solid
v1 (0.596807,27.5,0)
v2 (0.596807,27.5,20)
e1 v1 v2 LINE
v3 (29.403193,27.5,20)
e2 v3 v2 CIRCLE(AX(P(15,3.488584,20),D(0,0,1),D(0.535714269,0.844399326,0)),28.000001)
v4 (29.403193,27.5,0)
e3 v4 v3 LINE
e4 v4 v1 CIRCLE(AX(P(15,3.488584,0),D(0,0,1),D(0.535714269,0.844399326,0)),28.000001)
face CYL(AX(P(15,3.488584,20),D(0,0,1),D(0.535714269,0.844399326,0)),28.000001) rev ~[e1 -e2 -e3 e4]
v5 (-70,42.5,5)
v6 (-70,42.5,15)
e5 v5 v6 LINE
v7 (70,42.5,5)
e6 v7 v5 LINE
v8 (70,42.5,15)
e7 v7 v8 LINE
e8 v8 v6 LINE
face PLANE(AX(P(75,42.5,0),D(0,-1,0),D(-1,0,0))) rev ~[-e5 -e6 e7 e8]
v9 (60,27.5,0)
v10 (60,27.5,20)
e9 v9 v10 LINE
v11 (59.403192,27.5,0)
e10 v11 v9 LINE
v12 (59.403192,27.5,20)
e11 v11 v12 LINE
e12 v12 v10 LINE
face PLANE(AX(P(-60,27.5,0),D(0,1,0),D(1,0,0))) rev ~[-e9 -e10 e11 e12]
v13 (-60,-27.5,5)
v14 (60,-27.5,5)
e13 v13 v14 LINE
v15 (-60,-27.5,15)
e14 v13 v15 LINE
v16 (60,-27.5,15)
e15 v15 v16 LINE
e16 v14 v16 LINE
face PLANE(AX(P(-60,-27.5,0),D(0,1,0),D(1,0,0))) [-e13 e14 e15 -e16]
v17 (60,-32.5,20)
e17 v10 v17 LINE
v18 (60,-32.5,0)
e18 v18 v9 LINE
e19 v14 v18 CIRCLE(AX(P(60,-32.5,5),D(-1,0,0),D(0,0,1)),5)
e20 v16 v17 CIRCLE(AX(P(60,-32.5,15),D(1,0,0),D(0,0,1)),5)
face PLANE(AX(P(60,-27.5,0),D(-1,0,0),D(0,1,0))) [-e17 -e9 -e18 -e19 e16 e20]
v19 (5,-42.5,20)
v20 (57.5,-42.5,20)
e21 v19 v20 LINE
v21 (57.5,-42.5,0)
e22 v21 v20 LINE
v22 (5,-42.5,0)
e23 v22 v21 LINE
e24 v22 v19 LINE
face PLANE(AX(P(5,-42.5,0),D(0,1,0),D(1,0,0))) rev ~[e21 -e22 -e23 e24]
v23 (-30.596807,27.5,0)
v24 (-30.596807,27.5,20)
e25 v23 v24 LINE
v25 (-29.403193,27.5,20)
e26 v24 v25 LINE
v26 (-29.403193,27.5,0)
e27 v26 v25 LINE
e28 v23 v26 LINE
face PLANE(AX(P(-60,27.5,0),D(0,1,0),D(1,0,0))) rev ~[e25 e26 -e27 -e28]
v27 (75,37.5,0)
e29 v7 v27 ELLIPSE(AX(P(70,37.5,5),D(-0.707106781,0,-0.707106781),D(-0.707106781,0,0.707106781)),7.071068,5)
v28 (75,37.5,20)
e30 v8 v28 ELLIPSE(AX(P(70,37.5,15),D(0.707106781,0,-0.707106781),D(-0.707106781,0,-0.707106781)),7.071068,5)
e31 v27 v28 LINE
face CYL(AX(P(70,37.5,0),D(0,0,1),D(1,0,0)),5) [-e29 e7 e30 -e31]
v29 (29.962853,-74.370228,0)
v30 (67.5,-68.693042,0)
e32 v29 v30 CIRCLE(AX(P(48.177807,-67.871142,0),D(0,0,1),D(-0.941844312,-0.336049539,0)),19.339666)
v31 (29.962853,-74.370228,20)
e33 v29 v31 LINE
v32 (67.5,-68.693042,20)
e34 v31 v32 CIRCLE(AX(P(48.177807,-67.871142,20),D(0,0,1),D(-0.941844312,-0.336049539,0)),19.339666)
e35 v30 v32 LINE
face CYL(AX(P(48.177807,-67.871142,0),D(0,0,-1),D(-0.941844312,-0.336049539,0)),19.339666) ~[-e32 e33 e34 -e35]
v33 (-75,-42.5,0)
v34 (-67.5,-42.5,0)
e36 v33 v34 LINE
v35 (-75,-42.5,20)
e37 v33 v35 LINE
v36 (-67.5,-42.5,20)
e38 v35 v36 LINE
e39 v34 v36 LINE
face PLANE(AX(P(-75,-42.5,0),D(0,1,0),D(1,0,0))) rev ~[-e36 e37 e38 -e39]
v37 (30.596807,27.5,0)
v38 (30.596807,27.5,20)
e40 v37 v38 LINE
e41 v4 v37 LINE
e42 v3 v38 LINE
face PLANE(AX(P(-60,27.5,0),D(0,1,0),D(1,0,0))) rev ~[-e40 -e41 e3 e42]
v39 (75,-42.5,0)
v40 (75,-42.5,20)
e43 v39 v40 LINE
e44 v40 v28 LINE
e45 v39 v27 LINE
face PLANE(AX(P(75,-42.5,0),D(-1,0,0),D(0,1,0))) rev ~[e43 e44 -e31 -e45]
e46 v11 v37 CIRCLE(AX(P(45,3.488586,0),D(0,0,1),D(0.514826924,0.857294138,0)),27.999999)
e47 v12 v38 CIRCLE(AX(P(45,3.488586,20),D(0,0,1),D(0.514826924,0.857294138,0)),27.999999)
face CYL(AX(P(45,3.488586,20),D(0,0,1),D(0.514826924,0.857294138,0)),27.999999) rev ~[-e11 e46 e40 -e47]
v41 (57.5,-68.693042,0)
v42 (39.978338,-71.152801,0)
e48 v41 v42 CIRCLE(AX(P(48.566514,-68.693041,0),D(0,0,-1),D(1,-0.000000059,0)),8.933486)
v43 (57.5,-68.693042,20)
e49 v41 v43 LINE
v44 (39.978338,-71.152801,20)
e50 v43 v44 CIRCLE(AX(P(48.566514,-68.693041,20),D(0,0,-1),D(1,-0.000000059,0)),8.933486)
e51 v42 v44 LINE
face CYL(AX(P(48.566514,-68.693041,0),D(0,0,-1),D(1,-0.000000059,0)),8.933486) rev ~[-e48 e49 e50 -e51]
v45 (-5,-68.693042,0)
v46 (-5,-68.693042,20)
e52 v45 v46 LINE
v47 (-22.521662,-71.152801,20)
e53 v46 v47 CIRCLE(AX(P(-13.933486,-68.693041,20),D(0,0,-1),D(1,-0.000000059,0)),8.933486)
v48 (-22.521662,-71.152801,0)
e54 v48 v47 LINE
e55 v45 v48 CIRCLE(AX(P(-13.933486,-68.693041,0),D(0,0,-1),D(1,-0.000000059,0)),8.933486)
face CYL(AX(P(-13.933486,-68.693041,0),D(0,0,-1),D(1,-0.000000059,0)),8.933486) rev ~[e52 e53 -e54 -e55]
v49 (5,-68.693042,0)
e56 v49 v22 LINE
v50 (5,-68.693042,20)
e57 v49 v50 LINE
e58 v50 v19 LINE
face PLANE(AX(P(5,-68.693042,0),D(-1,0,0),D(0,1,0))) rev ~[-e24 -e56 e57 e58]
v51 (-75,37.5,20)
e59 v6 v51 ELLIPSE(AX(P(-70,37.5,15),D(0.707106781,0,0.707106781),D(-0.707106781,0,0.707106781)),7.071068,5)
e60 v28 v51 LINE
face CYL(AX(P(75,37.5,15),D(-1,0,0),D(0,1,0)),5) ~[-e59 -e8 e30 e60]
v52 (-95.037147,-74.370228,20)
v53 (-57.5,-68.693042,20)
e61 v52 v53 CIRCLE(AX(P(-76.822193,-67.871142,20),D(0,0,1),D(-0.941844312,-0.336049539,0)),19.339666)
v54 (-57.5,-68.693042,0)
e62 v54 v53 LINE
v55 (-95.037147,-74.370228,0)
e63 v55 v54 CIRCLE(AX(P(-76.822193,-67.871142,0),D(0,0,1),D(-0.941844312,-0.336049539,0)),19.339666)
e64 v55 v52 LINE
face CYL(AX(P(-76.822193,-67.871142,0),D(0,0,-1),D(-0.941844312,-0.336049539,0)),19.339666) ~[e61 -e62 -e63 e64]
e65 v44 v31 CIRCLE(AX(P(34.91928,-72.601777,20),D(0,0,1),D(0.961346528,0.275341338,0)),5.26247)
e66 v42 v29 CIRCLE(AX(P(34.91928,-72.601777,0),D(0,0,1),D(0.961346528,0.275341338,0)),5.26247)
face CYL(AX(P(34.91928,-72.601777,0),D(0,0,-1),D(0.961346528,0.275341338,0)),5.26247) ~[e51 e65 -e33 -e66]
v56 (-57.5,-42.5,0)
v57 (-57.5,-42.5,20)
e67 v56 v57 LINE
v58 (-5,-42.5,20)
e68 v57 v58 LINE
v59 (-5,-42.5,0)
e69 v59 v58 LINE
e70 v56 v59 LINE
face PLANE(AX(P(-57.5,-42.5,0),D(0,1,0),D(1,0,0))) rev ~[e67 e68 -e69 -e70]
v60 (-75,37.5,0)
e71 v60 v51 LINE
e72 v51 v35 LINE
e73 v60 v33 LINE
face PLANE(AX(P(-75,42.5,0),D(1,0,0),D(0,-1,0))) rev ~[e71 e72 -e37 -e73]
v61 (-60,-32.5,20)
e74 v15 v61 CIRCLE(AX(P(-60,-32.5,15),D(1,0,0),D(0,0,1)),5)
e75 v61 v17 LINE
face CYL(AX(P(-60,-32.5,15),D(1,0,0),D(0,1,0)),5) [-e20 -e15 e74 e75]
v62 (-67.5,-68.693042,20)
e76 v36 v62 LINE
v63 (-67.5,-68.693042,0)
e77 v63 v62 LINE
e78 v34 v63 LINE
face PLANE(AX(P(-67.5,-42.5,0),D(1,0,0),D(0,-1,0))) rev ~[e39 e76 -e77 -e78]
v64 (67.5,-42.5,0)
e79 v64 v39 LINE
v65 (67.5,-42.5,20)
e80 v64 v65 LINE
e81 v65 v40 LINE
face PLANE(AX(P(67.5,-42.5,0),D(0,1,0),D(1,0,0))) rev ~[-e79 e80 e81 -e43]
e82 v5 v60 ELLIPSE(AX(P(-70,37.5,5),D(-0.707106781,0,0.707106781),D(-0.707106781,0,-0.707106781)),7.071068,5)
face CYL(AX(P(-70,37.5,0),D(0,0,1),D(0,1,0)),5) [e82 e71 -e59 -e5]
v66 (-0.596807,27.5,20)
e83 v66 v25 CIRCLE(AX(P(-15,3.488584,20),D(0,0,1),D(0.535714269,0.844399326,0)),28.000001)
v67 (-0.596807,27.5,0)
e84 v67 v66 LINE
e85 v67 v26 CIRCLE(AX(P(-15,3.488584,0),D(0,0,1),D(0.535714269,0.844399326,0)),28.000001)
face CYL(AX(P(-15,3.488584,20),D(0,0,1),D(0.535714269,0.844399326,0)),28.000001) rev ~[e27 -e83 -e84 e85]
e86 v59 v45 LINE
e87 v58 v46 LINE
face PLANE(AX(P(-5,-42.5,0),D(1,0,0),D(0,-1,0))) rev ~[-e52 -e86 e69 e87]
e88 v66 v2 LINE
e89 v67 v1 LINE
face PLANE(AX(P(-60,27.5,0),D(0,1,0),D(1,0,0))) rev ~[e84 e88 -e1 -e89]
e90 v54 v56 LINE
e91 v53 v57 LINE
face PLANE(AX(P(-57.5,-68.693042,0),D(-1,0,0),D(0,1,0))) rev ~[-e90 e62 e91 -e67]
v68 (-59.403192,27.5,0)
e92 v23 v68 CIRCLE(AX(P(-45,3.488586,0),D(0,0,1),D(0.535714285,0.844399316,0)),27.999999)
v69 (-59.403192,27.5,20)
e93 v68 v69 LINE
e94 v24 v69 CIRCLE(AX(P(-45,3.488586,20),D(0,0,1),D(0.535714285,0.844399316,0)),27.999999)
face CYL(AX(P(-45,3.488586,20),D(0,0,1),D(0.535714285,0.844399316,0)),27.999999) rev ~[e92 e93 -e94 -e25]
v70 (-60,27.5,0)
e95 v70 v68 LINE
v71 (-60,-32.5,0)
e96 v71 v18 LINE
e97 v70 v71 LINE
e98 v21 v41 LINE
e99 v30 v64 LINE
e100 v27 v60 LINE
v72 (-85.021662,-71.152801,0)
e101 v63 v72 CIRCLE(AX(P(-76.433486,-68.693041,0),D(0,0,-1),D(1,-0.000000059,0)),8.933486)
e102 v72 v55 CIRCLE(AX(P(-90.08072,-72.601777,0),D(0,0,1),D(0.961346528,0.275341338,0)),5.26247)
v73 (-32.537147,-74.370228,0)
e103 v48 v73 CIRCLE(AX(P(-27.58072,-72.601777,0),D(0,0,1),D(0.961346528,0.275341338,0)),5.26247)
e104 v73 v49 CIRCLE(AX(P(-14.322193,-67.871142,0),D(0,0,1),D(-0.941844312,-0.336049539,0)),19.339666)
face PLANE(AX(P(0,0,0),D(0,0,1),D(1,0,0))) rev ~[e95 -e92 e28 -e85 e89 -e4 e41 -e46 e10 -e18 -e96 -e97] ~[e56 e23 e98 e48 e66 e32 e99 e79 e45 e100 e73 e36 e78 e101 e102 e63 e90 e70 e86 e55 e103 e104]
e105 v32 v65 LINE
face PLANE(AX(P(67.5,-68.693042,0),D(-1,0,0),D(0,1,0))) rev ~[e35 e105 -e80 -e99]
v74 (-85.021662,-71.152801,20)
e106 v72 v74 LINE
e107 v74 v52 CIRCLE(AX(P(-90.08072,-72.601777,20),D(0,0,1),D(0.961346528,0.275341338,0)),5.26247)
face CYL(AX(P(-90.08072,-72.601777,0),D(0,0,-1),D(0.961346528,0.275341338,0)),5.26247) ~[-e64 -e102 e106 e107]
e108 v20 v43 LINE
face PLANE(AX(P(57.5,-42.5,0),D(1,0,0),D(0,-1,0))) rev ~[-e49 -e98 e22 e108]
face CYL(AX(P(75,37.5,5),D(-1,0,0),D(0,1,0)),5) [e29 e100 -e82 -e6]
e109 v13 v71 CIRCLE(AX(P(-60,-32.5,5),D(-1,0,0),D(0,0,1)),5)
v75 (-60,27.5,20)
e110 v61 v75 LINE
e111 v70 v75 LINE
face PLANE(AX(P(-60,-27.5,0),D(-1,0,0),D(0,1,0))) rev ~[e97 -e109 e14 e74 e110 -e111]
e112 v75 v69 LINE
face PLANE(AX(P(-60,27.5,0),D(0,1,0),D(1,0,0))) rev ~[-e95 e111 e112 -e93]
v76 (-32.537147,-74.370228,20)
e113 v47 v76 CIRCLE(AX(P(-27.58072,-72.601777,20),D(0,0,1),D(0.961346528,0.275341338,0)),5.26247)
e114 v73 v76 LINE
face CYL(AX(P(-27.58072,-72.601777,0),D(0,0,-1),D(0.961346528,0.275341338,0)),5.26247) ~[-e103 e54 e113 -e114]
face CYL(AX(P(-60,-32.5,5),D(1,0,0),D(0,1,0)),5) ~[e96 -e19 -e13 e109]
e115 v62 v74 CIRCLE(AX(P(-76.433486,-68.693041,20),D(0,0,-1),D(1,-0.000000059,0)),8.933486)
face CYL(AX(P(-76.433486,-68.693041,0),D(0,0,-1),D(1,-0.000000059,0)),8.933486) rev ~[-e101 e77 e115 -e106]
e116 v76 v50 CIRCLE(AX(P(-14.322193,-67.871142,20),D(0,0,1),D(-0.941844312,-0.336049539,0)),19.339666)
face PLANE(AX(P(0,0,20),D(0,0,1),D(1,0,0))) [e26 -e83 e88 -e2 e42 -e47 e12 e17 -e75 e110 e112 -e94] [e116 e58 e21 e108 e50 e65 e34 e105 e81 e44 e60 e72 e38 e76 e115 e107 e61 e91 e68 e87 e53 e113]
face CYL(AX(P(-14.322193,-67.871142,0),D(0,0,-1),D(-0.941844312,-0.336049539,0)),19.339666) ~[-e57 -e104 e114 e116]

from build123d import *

# Parameters (mm, degrees)
F0_W     = 120
F0_H     = 55
F1_DEPTH = 20
F2_R     = 5
F4_DEPTH = 20.001


with BuildPart() as f1:
    # F0 (on Top) → F1 (new body)
    with BuildSketch(Plane.XY):
        Polygon((75, -42.5), (75, 42.5), (-75, 42.5), (-75, -42.5), (-67.5, -42.5), (-57.5, -42.5), (-5, -42.5), (5, -42.5), (57.5, -42.5), (67.5, -42.5), align=None)
        Rectangle(F0_W, F0_H, mode=Mode.SUBTRACT)
        with BuildLine():
            Line((67.5, -68.693042), (67.5, -42.5))
            Line((67.5, -42.5), (57.5, -42.5))
            Line((57.5, -42.5), (57.5, -68.693042))
            ThreePointArc((57.5, -68.693042), (49.808453, -77.539779), (39.978338, -71.152801))
            ThreePointArc((39.978338, -71.152801), (33.309749, -67.591487), (29.962853, -74.370228))
            ThreePointArc((29.962853, -74.370228), (51.069883, -86.993343), (67.5, -68.693042))
        make_face()
        with BuildLine():
            Line((-57.5, -42.5), (-67.5, -42.5))
            Line((-67.5, -42.5), (-67.5, -68.693042))
            ThreePointArc((-67.5, -68.693042), (-75.191547, -77.539779), (-85.021662, -71.152801))
            ThreePointArc((-85.021662, -71.152801), (-91.690251, -67.591487), (-95.037147, -74.370228))
            ThreePointArc((-95.037147, -74.370228), (-73.930117, -86.993343), (-57.5, -68.693042))
            Line((-57.5, -68.693042), (-57.5, -42.5))
        make_face()
        with BuildLine():
            Line((5, -68.693042), (5, -42.5))
            Line((5, -42.5), (-5, -42.5))
            Line((-5, -42.5), (-5, -68.693042))
            ThreePointArc((-5, -68.693042), (-12.691547, -77.539779), (-22.521662, -71.152801))
            ThreePointArc((-22.521662, -71.152801), (-29.190251, -67.591487), (-32.537147, -74.370228))
            ThreePointArc((-32.537147, -74.370228), (-11.430117, -86.993343), (5, -68.693042))
        make_face()
    extrude(amount=F1_DEPTH)

    # F2
    f2_edges = [f1.edges().sort_by_distance(p)[0] for p in [
        (0, 42.5, 20),
        (0, 42.5, 0),
        (-75, 42.5, 10),
        (75, 42.5, 10),
        (0, -27.5, 0),
        (0, -27.5, 20),
    ]]
    fillet(f2_edges, radius=F2_R)

    # F3 (on face) → F4 (cut, through all)
    with BuildSketch(Plane.XY.offset(20)):
        with BuildLine():
            Line((-59.415153, 27.492821), (-30, 27.131766))
            ThreePointArc((-30, 27.131766), (-44.656341, 31.486476), (-59.415153, 27.492821))
        make_face()
        with BuildLine():
            ThreePointArc((59.415153, 27.492821), (44.656341, 31.486476), (30, 27.131766))
            Line((30, 27.131766), (59.415153, 27.492821))
        make_face()
        with BuildLine():
            ThreePointArc((30, 27.131766), (15, 31.488585), (0, 27.131766))
            Line((0, 27.131766), (30, 27.131766))
        make_face()
        with BuildLine():
            ThreePointArc((0, 27.131766), (-15, 31.488585), (-30, 27.131766))
            Line((-30, 27.131766), (0, 27.131766))
        make_face()
    extrude(amount=-F4_DEPTH, mode=Mode.SUBTRACT)


solid = f1.part
